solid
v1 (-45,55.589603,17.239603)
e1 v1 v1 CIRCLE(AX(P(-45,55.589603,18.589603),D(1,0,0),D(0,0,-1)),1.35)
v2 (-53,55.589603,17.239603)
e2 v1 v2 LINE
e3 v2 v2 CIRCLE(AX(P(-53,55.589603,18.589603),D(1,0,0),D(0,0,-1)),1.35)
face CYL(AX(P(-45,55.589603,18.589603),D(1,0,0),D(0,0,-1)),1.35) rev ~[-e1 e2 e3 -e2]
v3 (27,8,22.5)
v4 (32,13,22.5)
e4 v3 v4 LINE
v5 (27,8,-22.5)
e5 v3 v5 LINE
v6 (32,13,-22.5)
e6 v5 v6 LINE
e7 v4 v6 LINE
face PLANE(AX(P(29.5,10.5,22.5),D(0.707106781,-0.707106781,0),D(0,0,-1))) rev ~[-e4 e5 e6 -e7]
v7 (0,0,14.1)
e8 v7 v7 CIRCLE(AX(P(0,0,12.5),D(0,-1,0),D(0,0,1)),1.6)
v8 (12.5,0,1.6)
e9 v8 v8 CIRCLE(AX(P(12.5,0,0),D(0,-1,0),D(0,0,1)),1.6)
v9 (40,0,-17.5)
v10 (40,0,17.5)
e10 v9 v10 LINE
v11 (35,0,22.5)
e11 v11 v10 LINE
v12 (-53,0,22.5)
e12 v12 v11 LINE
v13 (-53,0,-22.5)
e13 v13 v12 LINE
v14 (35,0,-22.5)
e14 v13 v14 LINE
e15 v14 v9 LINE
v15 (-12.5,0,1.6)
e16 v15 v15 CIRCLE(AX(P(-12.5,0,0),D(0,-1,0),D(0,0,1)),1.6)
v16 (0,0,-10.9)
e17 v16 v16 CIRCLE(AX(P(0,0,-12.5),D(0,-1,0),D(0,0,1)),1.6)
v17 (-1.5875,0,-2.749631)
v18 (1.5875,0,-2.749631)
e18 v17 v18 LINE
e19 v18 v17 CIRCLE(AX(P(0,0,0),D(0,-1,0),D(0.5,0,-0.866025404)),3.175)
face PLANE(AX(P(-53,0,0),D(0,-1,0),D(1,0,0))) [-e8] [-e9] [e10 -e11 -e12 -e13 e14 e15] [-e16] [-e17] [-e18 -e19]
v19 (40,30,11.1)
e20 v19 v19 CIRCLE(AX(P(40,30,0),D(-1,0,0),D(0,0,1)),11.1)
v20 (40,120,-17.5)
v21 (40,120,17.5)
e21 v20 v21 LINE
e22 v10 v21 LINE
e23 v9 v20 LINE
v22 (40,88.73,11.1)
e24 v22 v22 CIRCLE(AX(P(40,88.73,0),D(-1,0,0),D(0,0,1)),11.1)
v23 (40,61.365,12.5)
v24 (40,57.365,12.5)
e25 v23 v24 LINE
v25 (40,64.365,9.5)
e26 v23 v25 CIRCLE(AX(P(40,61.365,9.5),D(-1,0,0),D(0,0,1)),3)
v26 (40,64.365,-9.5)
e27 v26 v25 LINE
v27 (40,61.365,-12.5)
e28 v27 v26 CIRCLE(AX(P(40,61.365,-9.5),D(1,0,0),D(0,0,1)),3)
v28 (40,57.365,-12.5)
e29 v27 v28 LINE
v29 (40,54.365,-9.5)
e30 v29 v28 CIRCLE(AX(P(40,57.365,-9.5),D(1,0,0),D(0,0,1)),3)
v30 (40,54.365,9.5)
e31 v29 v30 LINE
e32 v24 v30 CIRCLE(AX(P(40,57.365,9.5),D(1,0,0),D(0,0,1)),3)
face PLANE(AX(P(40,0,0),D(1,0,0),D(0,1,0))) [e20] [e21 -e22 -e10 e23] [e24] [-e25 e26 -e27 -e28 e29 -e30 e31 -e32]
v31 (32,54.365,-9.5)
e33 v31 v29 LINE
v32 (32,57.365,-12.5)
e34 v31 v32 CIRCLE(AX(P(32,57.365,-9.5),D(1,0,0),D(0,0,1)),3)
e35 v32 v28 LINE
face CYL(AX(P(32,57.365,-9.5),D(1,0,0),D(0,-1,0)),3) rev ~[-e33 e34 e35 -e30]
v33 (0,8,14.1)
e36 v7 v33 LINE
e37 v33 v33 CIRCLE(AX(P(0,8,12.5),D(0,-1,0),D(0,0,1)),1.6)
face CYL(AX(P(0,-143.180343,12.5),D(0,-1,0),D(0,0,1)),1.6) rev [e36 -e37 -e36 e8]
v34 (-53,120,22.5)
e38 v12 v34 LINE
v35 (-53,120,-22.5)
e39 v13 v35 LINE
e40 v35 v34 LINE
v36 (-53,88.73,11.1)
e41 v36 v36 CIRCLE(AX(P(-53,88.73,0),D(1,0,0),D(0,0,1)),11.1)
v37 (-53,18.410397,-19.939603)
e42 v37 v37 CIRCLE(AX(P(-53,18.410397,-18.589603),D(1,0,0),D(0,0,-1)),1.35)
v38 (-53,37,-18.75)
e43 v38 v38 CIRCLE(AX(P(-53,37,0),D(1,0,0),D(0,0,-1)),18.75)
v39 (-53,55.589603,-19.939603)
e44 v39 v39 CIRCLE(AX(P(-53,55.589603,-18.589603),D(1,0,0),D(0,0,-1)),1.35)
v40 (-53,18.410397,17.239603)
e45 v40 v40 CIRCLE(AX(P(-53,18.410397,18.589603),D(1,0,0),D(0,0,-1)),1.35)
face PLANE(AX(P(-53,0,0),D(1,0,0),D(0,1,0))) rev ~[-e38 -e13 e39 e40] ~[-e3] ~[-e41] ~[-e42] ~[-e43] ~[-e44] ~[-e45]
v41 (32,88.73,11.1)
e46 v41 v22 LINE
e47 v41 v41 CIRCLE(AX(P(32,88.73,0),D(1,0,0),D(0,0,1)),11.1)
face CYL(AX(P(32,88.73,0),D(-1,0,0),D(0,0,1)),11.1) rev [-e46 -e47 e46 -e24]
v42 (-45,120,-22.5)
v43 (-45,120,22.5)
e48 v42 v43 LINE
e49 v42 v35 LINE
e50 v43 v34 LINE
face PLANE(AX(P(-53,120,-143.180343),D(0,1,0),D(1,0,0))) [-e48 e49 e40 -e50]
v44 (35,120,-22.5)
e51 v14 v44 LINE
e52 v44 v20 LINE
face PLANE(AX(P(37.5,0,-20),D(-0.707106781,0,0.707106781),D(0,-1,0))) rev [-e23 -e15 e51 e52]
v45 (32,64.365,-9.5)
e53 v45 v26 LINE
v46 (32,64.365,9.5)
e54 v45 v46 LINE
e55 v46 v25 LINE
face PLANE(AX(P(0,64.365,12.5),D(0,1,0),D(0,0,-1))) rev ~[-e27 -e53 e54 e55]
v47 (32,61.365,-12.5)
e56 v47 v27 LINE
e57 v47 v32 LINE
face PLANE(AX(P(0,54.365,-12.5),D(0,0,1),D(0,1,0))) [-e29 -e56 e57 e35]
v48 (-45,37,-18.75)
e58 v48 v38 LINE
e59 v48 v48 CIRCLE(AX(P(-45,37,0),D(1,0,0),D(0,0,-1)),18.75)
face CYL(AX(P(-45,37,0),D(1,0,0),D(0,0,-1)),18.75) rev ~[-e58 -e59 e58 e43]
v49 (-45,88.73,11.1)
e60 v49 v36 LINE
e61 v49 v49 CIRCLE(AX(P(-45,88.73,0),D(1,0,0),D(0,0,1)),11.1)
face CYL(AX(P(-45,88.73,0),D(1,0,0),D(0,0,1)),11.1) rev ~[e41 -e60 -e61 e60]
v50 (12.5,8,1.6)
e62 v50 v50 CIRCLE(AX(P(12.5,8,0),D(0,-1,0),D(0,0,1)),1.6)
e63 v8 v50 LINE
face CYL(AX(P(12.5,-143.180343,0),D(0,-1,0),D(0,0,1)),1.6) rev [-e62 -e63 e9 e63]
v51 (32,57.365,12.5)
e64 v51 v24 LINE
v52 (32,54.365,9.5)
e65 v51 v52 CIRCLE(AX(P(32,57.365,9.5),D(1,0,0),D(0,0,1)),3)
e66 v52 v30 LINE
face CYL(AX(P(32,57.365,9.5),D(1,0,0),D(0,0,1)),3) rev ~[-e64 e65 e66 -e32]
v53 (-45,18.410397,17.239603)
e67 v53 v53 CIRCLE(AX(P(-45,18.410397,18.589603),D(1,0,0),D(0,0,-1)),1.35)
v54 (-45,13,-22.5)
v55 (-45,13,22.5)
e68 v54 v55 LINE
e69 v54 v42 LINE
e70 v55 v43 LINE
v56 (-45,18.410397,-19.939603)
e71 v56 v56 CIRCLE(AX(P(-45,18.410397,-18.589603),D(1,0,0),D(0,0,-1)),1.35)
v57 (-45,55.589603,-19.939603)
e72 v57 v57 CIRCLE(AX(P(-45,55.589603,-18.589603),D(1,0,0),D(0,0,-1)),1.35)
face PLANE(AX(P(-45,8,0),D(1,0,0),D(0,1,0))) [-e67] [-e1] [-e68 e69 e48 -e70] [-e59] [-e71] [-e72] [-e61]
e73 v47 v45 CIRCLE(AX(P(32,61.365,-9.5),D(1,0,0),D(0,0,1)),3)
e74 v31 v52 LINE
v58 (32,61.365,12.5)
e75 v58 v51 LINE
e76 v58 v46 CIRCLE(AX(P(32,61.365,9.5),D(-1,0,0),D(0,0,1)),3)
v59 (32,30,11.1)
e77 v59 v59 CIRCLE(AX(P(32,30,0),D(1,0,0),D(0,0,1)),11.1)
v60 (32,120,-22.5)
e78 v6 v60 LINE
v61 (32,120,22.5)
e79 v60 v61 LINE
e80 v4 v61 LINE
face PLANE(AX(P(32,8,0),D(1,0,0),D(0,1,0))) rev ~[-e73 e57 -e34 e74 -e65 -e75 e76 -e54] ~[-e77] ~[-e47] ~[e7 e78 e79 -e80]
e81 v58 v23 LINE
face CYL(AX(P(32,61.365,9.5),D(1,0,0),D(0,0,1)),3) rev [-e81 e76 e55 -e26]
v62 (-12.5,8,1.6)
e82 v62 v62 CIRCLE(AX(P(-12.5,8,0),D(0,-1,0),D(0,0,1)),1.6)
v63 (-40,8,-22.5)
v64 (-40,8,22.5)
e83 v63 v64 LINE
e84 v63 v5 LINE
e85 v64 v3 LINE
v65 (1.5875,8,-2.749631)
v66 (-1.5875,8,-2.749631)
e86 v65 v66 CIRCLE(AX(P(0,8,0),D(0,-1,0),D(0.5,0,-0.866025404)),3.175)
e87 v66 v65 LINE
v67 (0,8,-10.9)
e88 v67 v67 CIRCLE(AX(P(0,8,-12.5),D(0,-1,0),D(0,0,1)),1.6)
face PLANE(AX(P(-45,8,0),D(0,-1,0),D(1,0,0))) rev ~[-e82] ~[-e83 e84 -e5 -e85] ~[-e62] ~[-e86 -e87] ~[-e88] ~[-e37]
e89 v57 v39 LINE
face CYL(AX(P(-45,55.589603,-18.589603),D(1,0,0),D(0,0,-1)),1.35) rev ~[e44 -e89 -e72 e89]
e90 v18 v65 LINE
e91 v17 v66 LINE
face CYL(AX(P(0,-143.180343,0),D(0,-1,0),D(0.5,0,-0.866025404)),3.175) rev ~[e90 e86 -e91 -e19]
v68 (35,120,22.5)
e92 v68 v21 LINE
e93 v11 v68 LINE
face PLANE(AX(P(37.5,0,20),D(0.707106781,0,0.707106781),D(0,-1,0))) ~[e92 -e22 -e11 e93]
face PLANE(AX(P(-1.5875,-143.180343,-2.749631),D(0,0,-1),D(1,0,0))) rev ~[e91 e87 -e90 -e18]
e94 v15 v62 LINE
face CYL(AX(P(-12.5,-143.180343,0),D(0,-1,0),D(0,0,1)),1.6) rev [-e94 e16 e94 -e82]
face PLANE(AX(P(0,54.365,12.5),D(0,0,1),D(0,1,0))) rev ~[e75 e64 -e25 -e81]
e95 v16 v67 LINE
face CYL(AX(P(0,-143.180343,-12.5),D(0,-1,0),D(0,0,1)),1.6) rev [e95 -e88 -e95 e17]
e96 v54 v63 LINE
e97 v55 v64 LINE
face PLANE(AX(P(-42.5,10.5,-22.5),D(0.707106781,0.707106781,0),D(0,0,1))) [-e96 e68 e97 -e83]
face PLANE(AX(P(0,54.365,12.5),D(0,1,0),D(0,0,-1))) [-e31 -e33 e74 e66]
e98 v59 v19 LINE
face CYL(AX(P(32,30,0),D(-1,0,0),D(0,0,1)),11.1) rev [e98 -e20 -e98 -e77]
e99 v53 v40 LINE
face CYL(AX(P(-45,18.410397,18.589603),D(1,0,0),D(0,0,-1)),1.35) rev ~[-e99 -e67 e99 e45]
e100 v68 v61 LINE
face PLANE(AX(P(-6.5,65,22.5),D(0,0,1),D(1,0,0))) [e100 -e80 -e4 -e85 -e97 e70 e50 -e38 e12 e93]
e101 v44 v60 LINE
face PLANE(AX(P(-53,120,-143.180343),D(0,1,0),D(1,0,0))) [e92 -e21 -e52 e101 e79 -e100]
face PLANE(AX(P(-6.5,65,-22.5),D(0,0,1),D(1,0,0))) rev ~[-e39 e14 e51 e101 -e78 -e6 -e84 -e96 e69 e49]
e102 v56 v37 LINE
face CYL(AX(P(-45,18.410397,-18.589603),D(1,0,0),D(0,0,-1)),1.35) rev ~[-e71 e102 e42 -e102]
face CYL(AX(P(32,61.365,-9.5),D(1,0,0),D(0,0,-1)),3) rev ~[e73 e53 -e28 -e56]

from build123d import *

# Parameters (mm, degrees)
SKETCH1_W               = 93
SKETCH1_H               = 130
SKETCH1_W_2             = 77
SKETCH1_H_2             = 114
BOSS_EXTRUDE1_DEPTH     = 22.5
CUT_EXTRUDE1_START      = 32
SKETCH2_R               = 11.1
CUT_EXTRUDE1_DEPTH      = 111.180343226
CUT_EXTRUDE2_START      = -45
SKETCH3_R               = 11.1
SKETCH3_R_2             = 18.75
CUT_EXTRUDE2_DEPTH      = 98.180343226
CUT_EXTRUDE3_DEPTH      = 143.180343226
CUT_EXTRUDE3_DEPTH_BACK = 143.180343226
SKETCH4_R               = 1.6
CUT_EXTRUDE4_START      = -45
SKETCH5_R               = 1.35
CUT_EXTRUDE4_DEPTH      = 98.180343226
CHAMFER1_SIZE           = 5
CUT_EXTRUDE5_DEPTH      = 143.180343226
CUT_EXTRUDE5_DEPTH_BACK = 143.180343226
SKETCH6_W               = 106
SKETCH6_H               = 10
CHAMFER2_SIZE           = 5
SKETCH11_W              = 25
SKETCH11_H              = 10
CUT_EXTRUDE7_DEPTH      = 134.098647626
FILLET2_R               = 3


with BuildPart() as part:
    # Sketch1 → Boss-Extrude1 (new, symmetric)
    with BuildSketch(Plane.XY):
        with Locations((-6.5, 65)):
            Rectangle(SKETCH1_W, SKETCH1_H)
        with Locations((-6.5, 65)):
            Rectangle(SKETCH1_W_2, SKETCH1_H_2, mode=Mode.SUBTRACT)
    extrude(amount=BOSS_EXTRUDE1_DEPTH, both=True)

    # Sketch2 → Cut-Extrude1 (cut, through all)
    with BuildSketch(Plane(origin=(0, 0, 0), x_dir=(0, 0, -1), z_dir=(1, 0, 0)).offset(CUT_EXTRUDE1_START)):
        with Locations(Location((0, 88.73, 0), (0, 0, 180))):
            Circle(SKETCH2_R)
        with Locations(Location((0, 30, 0), (0, 0, 180))):
            Circle(SKETCH2_R)
    extrude(amount=CUT_EXTRUDE1_DEPTH, mode=Mode.SUBTRACT)

    # Sketch3 → Cut-Extrude2 (cut, through all)
    with BuildSketch(Plane(origin=(0, 0, 0), x_dir=(0, 0, -1), z_dir=(1, 0, 0)).offset(CUT_EXTRUDE2_START)):
        with Locations(Location((0, 88.73, 0), (0, 0, 180))):
            Circle(SKETCH3_R)
        with Locations((0, 37)):
            Circle(SKETCH3_R_2)
    extrude(amount=-CUT_EXTRUDE2_DEPTH, mode=Mode.SUBTRACT)

    # Sketch4 → Cut-Extrude3 (cut, two sides: drawn at the far end of the back side and taken through both)
    with BuildSketch(Plane(origin=(0, 0, 0), x_dir=(1, 0, 0), z_dir=(0, 1, 0)).offset(-CUT_EXTRUDE3_DEPTH_BACK)):
        with Locations(Location((-12.5, 0, 0), (0, 0, 270))):
            Circle(SKETCH4_R)
        with Locations(Location((0, 12.5, 0), (0, 0, 270))):
            Circle(SKETCH4_R)
        with Locations(Location((12.5, 0, 0), (0, 0, 270))):
            Circle(SKETCH4_R)
        with Locations(Location((0, -12.5, 0), (0, 0, 270))):
            Circle(SKETCH4_R)
        with BuildLine():
            Line((-1.5875, 2.749630657), (1.5875, 2.749630657))
            ThreePointArc((1.5875, 2.749630657), (0, -3.175), (-1.5875, 2.749630657))
        make_face()
    extrude(amount=CUT_EXTRUDE3_DEPTH + CUT_EXTRUDE3_DEPTH_BACK, mode=Mode.SUBTRACT)

    # Sketch5 → Cut-Extrude4 (cut, through all)
    with BuildSketch(Plane(origin=(0, 0, 0), x_dir=(0, 0, -1), z_dir=(1, 0, 0)).offset(CUT_EXTRUDE4_START)):
        with Locations((18.589603123, 18.410396877)):
            Circle(SKETCH5_R)
        with Locations((-18.589603123, 18.410396877)):
            Circle(SKETCH5_R)
        with Locations((-18.589603123, 55.589603123)):
            Circle(SKETCH5_R)
        with Locations((18.589603123, 55.589603123)):
            Circle(SKETCH5_R)
    extrude(amount=-CUT_EXTRUDE4_DEPTH, mode=Mode.SUBTRACT)

    # Chamfer1
    chamfer1_edges = [part.edges().sort_by_distance(p)[0] for p in [
        (40, 65, 22.5),
        (40, 65, -22.5),
    ]]
    chamfer(chamfer1_edges, length=CHAMFER1_SIZE)

    # Sketch6 → Cut-Extrude5 (cut, two sides: drawn at the far end of the back side and taken through both)
    with BuildSketch(Plane.XY.offset(-CUT_EXTRUDE5_DEPTH_BACK)):
        with Locations((0, 125)):
            Rectangle(SKETCH6_W, SKETCH6_H)
    extrude(amount=CUT_EXTRUDE5_DEPTH + CUT_EXTRUDE5_DEPTH_BACK, mode=Mode.SUBTRACT)

    # Chamfer2
    chamfer2_edges = [part.edges().sort_by_distance(p)[0] for p in [
        (-45, 8, 0),
        (32, 8, 0),
    ]]
    chamfer(chamfer2_edges, length=CHAMFER2_SIZE)

    # Sketch11 → Cut-Extrude7 (cut, through all)
    with BuildSketch(Plane(origin=(0, 0, 0), x_dir=(0, 0, -1), z_dir=(1, 0, 0))):
        with Locations((0, 59.365)):
            Rectangle(SKETCH11_W, SKETCH11_H)
    extrude(amount=CUT_EXTRUDE7_DEPTH, mode=Mode.SUBTRACT)

    # Fillet2
    fillet2_edges = [part.edges().sort_by_distance(p)[0] for p in [
        (36, 54.365, -12.5),
        (36, 64.365, -12.5),
        (36, 64.365, 12.5),
        (36, 54.365, 12.5),
    ]]
    fillet(fillet2_edges, radius=FILLET2_R)


solid = part.part
